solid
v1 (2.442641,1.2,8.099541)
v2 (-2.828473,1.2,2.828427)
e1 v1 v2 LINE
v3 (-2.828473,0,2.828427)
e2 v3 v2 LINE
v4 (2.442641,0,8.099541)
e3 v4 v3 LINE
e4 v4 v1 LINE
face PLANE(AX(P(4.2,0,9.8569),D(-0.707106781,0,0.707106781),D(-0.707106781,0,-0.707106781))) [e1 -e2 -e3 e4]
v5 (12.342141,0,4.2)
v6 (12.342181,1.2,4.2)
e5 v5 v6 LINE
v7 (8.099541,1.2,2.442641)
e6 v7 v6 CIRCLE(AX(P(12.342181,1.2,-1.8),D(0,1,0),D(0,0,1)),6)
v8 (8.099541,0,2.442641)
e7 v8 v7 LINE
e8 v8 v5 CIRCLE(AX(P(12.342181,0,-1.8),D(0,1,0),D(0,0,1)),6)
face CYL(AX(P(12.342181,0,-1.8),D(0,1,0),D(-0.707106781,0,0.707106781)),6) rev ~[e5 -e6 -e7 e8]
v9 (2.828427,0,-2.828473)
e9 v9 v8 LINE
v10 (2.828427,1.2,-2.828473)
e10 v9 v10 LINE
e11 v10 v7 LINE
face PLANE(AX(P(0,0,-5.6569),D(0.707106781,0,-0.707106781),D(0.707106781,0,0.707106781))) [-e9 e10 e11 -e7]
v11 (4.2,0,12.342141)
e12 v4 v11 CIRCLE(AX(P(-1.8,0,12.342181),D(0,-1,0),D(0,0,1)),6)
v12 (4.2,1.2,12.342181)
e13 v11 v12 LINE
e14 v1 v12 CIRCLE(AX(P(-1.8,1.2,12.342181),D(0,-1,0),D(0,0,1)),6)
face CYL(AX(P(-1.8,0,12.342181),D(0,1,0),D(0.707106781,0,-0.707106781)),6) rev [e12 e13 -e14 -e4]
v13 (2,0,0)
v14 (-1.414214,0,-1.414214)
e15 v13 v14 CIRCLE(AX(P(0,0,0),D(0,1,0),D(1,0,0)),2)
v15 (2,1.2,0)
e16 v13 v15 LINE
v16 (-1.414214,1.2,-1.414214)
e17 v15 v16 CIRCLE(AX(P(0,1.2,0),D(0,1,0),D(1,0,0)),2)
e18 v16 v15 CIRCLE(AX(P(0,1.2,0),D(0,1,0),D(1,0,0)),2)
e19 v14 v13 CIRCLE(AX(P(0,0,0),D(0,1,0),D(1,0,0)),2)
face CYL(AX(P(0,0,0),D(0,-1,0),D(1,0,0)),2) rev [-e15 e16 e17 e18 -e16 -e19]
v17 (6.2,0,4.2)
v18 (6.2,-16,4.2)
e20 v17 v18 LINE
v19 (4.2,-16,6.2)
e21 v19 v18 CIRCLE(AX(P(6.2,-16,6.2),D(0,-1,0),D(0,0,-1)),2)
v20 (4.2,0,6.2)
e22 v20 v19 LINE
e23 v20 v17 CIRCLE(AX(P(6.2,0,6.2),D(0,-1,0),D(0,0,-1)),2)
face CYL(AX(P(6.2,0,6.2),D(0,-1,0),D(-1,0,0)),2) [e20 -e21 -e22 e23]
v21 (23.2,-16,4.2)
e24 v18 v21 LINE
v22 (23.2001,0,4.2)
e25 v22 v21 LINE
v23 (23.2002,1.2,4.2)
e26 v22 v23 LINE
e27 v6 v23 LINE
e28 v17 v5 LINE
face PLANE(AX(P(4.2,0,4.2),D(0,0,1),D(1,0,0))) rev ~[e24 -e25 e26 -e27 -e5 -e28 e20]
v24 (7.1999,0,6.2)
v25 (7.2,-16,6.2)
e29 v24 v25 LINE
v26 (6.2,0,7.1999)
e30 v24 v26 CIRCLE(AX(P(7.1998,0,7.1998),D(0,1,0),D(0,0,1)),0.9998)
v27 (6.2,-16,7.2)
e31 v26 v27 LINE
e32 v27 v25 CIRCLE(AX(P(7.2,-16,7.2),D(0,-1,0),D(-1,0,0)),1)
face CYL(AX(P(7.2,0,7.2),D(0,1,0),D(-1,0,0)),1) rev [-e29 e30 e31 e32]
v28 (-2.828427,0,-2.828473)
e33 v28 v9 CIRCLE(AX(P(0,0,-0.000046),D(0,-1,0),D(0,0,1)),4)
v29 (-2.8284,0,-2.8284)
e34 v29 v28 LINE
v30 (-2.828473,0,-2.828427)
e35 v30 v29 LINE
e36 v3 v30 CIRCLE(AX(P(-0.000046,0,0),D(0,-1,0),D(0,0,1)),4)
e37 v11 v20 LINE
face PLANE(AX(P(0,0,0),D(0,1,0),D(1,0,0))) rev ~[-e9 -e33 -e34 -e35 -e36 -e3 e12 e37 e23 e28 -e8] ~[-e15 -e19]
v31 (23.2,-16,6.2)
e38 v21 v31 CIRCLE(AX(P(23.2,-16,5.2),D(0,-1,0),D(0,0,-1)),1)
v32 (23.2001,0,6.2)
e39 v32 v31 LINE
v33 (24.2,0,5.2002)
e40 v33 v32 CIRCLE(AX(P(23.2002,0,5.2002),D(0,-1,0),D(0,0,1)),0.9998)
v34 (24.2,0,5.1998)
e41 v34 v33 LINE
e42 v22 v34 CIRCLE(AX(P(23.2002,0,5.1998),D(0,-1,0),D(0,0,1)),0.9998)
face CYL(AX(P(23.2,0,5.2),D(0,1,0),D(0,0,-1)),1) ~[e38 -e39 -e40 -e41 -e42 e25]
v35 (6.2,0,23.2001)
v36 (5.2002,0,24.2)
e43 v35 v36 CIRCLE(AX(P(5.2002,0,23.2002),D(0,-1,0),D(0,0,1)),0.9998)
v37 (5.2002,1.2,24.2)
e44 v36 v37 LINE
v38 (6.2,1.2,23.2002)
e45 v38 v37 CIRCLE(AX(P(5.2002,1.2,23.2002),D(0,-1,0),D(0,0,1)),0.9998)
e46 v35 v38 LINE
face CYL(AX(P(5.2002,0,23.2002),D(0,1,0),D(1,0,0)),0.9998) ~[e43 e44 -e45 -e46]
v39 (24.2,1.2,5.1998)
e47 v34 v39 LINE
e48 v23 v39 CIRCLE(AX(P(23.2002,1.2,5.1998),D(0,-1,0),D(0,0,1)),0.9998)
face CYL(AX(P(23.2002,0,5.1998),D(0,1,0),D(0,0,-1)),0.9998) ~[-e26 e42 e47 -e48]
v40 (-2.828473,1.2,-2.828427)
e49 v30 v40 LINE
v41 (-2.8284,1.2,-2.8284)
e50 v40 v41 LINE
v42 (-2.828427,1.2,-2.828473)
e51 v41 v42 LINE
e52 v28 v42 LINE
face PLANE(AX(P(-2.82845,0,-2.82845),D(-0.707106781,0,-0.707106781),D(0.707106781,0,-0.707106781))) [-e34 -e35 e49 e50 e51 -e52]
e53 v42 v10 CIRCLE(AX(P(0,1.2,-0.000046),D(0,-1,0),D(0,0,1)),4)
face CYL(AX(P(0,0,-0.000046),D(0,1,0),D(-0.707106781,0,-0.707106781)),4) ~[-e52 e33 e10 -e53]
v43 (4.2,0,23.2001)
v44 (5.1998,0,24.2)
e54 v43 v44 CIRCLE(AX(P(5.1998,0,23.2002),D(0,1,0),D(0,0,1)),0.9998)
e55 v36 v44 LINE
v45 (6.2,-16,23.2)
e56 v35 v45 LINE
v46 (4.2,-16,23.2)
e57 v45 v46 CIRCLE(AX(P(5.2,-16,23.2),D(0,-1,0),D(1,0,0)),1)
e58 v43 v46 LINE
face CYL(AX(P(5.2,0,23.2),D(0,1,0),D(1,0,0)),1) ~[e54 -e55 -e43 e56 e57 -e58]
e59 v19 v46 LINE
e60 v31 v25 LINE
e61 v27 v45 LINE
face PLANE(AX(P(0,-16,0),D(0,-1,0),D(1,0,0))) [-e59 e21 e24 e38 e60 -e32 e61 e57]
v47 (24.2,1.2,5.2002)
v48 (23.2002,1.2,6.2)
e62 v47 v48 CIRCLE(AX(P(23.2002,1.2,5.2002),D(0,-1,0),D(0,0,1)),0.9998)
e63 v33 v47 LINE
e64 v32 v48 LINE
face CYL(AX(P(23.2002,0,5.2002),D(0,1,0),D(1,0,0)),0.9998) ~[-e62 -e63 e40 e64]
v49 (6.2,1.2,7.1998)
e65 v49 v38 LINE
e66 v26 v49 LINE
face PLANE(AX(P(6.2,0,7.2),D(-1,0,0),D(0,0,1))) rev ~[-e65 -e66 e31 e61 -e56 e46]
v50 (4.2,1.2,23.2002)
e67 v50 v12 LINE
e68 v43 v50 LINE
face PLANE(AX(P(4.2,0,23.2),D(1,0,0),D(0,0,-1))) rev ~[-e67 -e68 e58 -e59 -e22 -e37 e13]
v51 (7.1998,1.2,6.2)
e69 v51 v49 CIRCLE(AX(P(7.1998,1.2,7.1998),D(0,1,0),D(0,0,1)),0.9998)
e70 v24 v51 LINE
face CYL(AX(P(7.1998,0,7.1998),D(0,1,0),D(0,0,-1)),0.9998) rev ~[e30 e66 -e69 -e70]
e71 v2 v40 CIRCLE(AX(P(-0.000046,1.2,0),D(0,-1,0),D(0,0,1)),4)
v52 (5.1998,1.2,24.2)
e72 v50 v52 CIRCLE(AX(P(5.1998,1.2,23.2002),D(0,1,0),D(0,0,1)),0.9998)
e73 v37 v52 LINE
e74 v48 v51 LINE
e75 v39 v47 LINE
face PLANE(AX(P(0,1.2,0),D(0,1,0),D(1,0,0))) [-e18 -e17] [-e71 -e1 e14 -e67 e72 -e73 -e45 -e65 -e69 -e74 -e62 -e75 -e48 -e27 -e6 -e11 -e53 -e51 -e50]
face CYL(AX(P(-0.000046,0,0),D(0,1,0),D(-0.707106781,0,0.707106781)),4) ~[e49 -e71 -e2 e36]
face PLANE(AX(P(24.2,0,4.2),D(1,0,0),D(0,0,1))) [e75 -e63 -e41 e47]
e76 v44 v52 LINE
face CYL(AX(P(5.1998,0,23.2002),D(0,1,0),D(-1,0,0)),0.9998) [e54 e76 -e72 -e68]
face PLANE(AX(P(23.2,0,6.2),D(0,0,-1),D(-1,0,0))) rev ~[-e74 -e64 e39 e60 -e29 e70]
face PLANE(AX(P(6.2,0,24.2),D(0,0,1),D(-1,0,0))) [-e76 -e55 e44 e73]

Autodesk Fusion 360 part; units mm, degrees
sketch "Sketch1" plane through (0, 0, 0) normal (0, 1, 0) x (1, 0, 0)
  circle A0 centre (0, 0) radius 2
  line L0 (0, 0) -> (4.2, -4.2) construction
  line L1 (4.2, -4.2) -> (24.2, -4.2)
  line L2 (24.2, -4.2) -> (24.2, -6.2)
  line L3 (24.2, -6.2) -> (4.2, -6.2)
  line L4 (4.2, -6.2) -> (4.2, -4.2)
  line L5 (4.2, -4.2) -> (6.2, -4.2)
  line L6 (6.2, -4.2) -> (6.2, -24.2)
  line L7 (6.2, -24.2) -> (4.2, -24.2)
  line L8 (4.2, -24.2) -> (4.2, -4.2)
  line L9 (4.2, -9.8569) -> (-5.6569, 0)
  line L10 (-5.6569, 0) -> (0, 5.6569)
  line L11 (0, 5.6569) -> (9.8569, -4.2)
  line L12 (0, 0) -> (-2.8284, 2.8284)
  dimension "d1" = 4
  dimension "d2" = 4.2
  dimension "d3" = 4.2
  dimension "d4" = 2
  dimension "d5" = 20
  dimension "d6" = 135
  dimension "d7" = 4
  dimension "d8" = 8
extrude "Extrude1" add sketch "Sketch1" along normal blind 1.2
fillet "Fillet1" radius 1 5 edges at (6.2, 0.6, 6.2) (6.2, 0.6, 24.2) (4.2, 0.6, 24.2) (24.2, 0.6, 6.2) (24.2, 0.6, 4.2)
fillet "Fillet2" radius 4 2 edges at (-5.6569, 0.6, 0) (0, 0.6, -5.6569)
fillet "Fillet3" radius 6 2 edges at (4.2, 0.6, 9.8569) (9.8569, 0.6, 4.2)
sketch "Sketch2" plane through (0, 0, 0) normal (0, -1, 0) x (1, 0, 0)
  arc A0 (-2.8284, 2.8284) -> (2.8284, -2.8284) centre (0, 0) ccw
  line L0 (2.8284, -2.8284) -> (8.0995, 2.4426)
  arc A1 (12.3421, 4.2) -> (8.0995, 2.4426) centre (12.3421, -1.8) ccw
  line L1 (12.3421, 4.2) -> (23.2, 4.2)
  arc A2 (23.2, 4.2) -> (23.2, 6.2) centre (23.2, 5.2) ccw
  line L2 (23.2, 6.2) -> (7.2, 6.2)
  arc A3 (6.2, 7.2) -> (7.2, 6.2) centre (7.2, 7.2) ccw
  line L3 (6.2, 7.2) -> (6.2, 23.2)
  arc A4 (6.2, 23.2) -> (4.2, 23.2) centre (5.2, 23.2) ccw
  line L4 (4.2, 23.2) -> (4.2, 12.3421)
  arc A5 (2.4426, 8.0995) -> (4.2, 12.3421) centre (-1.8, 12.3421) ccw
  line L5 (2.4426, 8.0995) -> (-2.8284, 2.8284)
  circle A6 centre (0, 0) radius 2
  line L6 (4.2, 23.2) -> (4.2, 4.2)
  line L7 (4.2, 4.2) -> (23.2, 4.2)
extrude "Extrude2" add sketch "Sketch2" along normal blind 16 contours L1 A2 L2 A3 L3 A4 L4 L6 L7
fillet "Fillet4" radius 2 1 edges at (4.2, -8, 4.2)
equation "d6 = 180 deg - 45 deg"
